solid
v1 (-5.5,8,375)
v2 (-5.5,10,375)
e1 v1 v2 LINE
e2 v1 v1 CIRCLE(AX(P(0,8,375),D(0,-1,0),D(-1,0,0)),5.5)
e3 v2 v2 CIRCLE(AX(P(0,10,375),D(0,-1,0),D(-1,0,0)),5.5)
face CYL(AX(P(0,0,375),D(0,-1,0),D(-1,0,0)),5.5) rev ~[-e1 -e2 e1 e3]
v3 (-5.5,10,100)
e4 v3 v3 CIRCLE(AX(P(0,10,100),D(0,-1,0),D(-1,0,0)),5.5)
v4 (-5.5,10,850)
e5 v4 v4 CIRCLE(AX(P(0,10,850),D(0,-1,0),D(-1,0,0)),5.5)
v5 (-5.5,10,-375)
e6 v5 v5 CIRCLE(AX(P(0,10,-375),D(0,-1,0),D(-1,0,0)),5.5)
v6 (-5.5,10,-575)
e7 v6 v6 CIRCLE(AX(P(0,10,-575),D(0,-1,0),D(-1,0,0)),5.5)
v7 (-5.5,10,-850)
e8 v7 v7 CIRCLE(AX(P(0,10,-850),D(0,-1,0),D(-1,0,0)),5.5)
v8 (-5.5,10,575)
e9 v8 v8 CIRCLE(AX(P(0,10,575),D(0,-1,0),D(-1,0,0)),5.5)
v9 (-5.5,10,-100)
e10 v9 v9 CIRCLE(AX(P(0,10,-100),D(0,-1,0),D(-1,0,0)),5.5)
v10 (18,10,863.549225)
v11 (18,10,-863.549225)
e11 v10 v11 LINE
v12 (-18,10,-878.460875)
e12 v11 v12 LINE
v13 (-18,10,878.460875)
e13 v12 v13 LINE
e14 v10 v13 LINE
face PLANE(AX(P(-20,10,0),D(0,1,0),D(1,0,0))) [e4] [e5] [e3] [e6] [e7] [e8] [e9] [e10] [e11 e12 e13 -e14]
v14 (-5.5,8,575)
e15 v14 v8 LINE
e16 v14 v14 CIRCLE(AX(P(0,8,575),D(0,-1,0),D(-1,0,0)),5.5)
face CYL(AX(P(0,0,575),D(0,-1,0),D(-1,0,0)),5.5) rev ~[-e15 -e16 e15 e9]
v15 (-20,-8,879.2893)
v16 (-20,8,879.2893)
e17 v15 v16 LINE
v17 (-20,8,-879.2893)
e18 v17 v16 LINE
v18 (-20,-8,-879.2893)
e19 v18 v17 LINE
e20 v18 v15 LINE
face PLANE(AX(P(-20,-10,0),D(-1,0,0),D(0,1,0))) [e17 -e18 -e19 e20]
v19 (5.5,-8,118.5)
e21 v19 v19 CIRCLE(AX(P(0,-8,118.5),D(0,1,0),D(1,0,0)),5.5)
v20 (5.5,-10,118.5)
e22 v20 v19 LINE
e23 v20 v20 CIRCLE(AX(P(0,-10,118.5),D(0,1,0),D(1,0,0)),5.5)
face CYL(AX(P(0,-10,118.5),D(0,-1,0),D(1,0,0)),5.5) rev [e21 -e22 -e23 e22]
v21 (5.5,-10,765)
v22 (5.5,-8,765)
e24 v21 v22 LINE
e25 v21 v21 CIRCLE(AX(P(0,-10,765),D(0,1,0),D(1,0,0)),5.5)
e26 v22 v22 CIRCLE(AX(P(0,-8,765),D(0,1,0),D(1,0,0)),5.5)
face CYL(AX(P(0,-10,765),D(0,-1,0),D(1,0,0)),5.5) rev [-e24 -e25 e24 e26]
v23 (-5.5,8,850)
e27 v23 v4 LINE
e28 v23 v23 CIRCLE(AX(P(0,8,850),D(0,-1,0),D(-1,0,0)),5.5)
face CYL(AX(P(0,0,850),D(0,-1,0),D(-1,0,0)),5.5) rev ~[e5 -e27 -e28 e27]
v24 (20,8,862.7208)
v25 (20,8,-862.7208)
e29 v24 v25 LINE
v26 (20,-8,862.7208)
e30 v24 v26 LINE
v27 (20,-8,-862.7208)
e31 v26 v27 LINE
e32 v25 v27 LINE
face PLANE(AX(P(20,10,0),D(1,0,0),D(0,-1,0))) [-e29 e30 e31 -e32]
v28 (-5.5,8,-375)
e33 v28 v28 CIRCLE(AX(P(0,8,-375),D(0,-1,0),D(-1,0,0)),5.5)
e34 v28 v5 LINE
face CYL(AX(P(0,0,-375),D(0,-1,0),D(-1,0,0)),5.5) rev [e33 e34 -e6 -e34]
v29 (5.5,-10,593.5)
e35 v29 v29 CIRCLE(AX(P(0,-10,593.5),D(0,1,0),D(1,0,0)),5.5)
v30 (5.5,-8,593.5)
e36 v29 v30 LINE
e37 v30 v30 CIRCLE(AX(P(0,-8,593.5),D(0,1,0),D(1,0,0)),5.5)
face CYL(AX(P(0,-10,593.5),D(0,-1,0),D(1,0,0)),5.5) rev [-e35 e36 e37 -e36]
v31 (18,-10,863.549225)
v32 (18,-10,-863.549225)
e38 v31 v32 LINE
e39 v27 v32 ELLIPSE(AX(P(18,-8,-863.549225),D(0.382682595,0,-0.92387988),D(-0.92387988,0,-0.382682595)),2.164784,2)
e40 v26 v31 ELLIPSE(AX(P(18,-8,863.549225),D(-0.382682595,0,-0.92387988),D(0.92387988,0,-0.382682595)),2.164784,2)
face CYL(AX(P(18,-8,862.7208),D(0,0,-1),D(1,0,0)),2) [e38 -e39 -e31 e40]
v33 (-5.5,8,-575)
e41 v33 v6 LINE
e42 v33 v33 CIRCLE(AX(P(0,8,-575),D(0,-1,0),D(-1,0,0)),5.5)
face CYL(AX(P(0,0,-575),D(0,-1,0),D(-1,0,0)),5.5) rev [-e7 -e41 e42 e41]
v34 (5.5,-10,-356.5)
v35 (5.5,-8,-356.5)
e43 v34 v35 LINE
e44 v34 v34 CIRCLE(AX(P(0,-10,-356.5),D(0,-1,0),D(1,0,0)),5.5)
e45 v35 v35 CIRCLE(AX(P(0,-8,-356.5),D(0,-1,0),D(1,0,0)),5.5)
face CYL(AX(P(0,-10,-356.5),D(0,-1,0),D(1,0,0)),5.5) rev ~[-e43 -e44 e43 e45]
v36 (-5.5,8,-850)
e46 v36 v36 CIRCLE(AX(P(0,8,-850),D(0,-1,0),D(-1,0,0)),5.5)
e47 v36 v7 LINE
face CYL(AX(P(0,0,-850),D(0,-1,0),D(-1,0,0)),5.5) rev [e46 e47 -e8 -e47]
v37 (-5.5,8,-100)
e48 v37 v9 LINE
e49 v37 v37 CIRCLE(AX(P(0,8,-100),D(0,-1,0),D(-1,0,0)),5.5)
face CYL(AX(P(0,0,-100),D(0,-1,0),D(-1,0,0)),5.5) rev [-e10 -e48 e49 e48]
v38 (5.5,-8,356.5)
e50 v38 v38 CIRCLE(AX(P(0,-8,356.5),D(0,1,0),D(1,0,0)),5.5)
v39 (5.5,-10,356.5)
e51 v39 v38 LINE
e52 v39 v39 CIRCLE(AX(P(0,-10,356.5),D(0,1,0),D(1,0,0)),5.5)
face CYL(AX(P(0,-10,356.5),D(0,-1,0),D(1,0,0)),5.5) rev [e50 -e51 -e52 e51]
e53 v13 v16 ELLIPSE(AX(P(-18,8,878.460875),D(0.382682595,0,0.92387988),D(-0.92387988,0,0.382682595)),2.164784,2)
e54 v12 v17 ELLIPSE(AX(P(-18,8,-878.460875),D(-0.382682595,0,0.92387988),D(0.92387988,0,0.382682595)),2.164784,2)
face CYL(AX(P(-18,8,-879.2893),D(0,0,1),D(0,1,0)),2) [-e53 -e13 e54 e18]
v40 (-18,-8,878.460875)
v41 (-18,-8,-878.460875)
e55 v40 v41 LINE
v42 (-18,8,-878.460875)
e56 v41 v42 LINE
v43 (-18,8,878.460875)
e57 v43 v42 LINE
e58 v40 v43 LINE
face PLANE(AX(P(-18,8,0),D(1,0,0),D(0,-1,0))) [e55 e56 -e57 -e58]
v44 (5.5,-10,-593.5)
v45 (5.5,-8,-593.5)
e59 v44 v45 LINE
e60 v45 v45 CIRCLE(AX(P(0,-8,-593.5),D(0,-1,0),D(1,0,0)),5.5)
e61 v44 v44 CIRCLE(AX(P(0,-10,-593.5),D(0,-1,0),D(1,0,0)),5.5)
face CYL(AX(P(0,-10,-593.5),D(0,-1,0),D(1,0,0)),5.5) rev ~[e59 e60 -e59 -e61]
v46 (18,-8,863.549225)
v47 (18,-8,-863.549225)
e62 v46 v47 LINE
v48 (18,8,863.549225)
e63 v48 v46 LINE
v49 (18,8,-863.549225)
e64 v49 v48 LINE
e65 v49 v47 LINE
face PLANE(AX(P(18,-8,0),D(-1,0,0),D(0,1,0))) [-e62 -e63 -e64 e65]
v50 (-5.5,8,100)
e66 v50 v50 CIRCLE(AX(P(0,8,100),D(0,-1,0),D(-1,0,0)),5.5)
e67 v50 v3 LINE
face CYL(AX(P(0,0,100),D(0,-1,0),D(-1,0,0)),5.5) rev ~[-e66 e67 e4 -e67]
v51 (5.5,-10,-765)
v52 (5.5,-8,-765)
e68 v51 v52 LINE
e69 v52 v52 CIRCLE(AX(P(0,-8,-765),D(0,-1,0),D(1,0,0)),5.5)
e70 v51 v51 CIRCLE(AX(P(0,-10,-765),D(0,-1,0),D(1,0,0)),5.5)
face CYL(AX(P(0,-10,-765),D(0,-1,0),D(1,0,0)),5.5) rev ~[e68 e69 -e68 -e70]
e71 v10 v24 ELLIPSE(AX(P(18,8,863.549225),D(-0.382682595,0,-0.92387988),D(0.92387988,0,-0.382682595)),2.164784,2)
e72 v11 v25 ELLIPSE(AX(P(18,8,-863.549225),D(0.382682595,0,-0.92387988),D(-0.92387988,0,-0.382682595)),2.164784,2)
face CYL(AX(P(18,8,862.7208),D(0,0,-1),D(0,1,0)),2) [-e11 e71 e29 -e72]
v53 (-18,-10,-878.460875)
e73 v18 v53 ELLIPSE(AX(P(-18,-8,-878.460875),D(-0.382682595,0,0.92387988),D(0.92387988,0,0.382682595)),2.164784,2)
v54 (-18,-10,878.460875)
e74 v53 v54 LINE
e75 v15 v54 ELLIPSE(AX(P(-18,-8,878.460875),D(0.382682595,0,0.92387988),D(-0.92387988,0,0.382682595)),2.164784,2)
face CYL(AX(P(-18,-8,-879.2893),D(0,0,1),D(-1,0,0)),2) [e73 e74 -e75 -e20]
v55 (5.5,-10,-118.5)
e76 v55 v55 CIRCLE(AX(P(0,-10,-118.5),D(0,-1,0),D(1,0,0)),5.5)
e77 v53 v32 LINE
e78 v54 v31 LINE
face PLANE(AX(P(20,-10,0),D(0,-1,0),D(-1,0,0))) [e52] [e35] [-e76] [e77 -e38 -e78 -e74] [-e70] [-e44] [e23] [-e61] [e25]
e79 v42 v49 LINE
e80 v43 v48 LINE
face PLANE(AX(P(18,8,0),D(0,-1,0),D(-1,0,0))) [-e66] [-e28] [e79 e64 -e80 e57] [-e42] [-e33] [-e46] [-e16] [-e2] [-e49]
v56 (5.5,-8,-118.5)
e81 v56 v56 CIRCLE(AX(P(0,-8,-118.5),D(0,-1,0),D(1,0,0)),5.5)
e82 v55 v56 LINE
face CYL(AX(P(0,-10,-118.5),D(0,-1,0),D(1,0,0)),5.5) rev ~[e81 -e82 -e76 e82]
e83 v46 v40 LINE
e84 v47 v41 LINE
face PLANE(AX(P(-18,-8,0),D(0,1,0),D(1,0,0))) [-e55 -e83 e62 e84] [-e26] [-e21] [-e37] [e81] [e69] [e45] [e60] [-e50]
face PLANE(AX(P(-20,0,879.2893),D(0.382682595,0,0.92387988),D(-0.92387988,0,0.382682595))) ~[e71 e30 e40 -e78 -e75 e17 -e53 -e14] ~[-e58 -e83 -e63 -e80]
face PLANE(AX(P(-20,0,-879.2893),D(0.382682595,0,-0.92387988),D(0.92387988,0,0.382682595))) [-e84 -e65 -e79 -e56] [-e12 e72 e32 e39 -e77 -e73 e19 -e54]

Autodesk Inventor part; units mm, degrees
ref_plane "YZ Plane" through (0, 0, 0) normal (1, 0, 0) x (0, 1, 0)
ref_plane "XZ Plane" through (0, 0, 0) normal (0, 1, 0) x (-1, 0, 0)
ref_plane "XY Plane" through (0, 0, 0) normal (0, 0, 1) x (1, 0, 0)
sketch "Sketch1" plane through (0, 0, 0) normal (0, 0, 1) x (1, 0, 0)
  line L0 (-20, 10) -> (20, 10)
  line L1 (20, 10) -> (20, -10)
  line L2 (20, -10) -> (-20, -10)
  line L3 (-20, -10) -> (-20, 10)
  line L4 (-20, 10) -> (20, -10) construction
  line L5 (20, 10) -> (-20, -10) construction
  line L6 (18, 8) -> (-18, 8)
  line L7 (-18, 8) -> (-18, -8)
  line L8 (-18, -8) -> (18, -8)
  line L9 (18, -8) -> (18, 8)
  point P0 (0, 0)
  dimension "d0" = 40
  dimension "d1" = 20
  dimension "d2" = 2
extrude "Extrusion1" add sketch "Sketch1" along normal mid plane 1900
sketch "Sketch2" plane through (0, 0, 0) normal (0, 1, 0) x (-1, 0, 0)
  line L0 (20, -950) -> (20, 950) projected
  line L1 (-20, 950) -> (20, 950)
  line L2 (-20, -950) -> (-20, 950) projected
  line L3 (20, -950) -> (-20, -950) projected
  line L4 (-20, -950) -> (-50.7107, -950)
  line L5 (-50.7107, -950) -> (-50.7107, 950)
  line L6 (-50.7107, 950) -> (-20, 950)
  line L7 (20, -879.2893) -> (-50.7107, -950)
  line L8 (20, -879.2893) -> (-20, -862.7208)
  line L9 (-20, -950) -> (-20, 950) projected
  point P0 (0, 0)
  point P1 (-20, -919.2893)
  dimension "d5" = 45
  dimension "d6" = 100
  dimension "d19" = 67.5
extrude "Extrusion2" cut sketch "Sketch2" along normal through all both and the other way through all contours L3 L2 L7 L0 | L7 L2 L8
mirror "Mirror1" about plane through (0, 0, 0) normal (0, 0, 1) of "Extrusion2"
sketch "Sketch3" plane through (0, 0, 0) normal (0, 1, 0) x (-1, 0, 0)
  line L0 (0, 0) -> (0, -871.0051) construction
  line L1 (-20, -862.7208) -> (-20, 862.7208) construction
  line L2 (-20, -475) -> (20, -475) construction
  line L3 (20, 879.2893) -> (20, -879.2893) construction
  circle A0 centre (0, -100) radius 5.5
  circle A1 centre (0, -375) radius 5.5
  circle A2 centre (0, -575) radius 5.5
  circle A3 centre (0, -850) radius 5.5
  line L4 (20, 879.2893) -> (20, -879.2893) construction
  line L5 (-20, -862.7208) -> (20, -879.2893) construction
  dimension "d9" = 475
  dimension "d10" = 11
  dimension "d11" = 275
  dimension "d12" = 275
  dimension "d13" = 100
  dimension "d14" = 100
  dimension "d15" = 100
extrude "Extrusion3" cut sketch "Sketch3" along normal through all
sketch "Sketch5" plane through (-20, -10, -879.2893) normal (0, -1, 0) x (1, 0, 0)
  line L0 (40, 1742.0101) -> (0, 1758.5786) construction
  line L1 (0, 1758.5786) -> (0, 0) construction
  line L2 (0, 0) -> (40, 16.5685) construction
  line L3 (40, 16.5685) -> (40, 1742.0101) construction
  circle A0 centre (20, 114.2893) radius 5.5
  circle A1 centre (20, 760.7893) radius 5.5
  circle A2 centre (20, 285.7893) radius 5.5
  circle A3 centre (20, 522.7893) radius 5.5
  line L4 (20, 522.7893) -> (20, 285.7893) construction
  point P0 (20, 879.2893)
  point P1 (20, 8.2843)
  point P2 (20, 404.2893)
  dimension "d20" = 765
  dimension "d21" = 11
  dimension "d24" = 11
  dimension "d25" = 118.5
  dimension "d26" = 237
  dimension "d27" = 475
extrude "Extrusion4" cut sketch "Sketch5" against normal up to surface (2 mm away)
mirror "Mirror2" about plane through (0, 0, 0) normal (0, 0, 1) of "Extrusion3", "Extrusion4"
fillet "Fillet1" radius 2 4 edges at (-20, 10, 0) (-20, -10, 0) (20, -10, 0) (20, 10, 0)
equation "\"d19\" = 1.5 * d5"
equation "\"d11\" = d12"
equation "\"d13\" = d15"
equation "\"d14\" = d15"
properties part number "Long tube 1"
